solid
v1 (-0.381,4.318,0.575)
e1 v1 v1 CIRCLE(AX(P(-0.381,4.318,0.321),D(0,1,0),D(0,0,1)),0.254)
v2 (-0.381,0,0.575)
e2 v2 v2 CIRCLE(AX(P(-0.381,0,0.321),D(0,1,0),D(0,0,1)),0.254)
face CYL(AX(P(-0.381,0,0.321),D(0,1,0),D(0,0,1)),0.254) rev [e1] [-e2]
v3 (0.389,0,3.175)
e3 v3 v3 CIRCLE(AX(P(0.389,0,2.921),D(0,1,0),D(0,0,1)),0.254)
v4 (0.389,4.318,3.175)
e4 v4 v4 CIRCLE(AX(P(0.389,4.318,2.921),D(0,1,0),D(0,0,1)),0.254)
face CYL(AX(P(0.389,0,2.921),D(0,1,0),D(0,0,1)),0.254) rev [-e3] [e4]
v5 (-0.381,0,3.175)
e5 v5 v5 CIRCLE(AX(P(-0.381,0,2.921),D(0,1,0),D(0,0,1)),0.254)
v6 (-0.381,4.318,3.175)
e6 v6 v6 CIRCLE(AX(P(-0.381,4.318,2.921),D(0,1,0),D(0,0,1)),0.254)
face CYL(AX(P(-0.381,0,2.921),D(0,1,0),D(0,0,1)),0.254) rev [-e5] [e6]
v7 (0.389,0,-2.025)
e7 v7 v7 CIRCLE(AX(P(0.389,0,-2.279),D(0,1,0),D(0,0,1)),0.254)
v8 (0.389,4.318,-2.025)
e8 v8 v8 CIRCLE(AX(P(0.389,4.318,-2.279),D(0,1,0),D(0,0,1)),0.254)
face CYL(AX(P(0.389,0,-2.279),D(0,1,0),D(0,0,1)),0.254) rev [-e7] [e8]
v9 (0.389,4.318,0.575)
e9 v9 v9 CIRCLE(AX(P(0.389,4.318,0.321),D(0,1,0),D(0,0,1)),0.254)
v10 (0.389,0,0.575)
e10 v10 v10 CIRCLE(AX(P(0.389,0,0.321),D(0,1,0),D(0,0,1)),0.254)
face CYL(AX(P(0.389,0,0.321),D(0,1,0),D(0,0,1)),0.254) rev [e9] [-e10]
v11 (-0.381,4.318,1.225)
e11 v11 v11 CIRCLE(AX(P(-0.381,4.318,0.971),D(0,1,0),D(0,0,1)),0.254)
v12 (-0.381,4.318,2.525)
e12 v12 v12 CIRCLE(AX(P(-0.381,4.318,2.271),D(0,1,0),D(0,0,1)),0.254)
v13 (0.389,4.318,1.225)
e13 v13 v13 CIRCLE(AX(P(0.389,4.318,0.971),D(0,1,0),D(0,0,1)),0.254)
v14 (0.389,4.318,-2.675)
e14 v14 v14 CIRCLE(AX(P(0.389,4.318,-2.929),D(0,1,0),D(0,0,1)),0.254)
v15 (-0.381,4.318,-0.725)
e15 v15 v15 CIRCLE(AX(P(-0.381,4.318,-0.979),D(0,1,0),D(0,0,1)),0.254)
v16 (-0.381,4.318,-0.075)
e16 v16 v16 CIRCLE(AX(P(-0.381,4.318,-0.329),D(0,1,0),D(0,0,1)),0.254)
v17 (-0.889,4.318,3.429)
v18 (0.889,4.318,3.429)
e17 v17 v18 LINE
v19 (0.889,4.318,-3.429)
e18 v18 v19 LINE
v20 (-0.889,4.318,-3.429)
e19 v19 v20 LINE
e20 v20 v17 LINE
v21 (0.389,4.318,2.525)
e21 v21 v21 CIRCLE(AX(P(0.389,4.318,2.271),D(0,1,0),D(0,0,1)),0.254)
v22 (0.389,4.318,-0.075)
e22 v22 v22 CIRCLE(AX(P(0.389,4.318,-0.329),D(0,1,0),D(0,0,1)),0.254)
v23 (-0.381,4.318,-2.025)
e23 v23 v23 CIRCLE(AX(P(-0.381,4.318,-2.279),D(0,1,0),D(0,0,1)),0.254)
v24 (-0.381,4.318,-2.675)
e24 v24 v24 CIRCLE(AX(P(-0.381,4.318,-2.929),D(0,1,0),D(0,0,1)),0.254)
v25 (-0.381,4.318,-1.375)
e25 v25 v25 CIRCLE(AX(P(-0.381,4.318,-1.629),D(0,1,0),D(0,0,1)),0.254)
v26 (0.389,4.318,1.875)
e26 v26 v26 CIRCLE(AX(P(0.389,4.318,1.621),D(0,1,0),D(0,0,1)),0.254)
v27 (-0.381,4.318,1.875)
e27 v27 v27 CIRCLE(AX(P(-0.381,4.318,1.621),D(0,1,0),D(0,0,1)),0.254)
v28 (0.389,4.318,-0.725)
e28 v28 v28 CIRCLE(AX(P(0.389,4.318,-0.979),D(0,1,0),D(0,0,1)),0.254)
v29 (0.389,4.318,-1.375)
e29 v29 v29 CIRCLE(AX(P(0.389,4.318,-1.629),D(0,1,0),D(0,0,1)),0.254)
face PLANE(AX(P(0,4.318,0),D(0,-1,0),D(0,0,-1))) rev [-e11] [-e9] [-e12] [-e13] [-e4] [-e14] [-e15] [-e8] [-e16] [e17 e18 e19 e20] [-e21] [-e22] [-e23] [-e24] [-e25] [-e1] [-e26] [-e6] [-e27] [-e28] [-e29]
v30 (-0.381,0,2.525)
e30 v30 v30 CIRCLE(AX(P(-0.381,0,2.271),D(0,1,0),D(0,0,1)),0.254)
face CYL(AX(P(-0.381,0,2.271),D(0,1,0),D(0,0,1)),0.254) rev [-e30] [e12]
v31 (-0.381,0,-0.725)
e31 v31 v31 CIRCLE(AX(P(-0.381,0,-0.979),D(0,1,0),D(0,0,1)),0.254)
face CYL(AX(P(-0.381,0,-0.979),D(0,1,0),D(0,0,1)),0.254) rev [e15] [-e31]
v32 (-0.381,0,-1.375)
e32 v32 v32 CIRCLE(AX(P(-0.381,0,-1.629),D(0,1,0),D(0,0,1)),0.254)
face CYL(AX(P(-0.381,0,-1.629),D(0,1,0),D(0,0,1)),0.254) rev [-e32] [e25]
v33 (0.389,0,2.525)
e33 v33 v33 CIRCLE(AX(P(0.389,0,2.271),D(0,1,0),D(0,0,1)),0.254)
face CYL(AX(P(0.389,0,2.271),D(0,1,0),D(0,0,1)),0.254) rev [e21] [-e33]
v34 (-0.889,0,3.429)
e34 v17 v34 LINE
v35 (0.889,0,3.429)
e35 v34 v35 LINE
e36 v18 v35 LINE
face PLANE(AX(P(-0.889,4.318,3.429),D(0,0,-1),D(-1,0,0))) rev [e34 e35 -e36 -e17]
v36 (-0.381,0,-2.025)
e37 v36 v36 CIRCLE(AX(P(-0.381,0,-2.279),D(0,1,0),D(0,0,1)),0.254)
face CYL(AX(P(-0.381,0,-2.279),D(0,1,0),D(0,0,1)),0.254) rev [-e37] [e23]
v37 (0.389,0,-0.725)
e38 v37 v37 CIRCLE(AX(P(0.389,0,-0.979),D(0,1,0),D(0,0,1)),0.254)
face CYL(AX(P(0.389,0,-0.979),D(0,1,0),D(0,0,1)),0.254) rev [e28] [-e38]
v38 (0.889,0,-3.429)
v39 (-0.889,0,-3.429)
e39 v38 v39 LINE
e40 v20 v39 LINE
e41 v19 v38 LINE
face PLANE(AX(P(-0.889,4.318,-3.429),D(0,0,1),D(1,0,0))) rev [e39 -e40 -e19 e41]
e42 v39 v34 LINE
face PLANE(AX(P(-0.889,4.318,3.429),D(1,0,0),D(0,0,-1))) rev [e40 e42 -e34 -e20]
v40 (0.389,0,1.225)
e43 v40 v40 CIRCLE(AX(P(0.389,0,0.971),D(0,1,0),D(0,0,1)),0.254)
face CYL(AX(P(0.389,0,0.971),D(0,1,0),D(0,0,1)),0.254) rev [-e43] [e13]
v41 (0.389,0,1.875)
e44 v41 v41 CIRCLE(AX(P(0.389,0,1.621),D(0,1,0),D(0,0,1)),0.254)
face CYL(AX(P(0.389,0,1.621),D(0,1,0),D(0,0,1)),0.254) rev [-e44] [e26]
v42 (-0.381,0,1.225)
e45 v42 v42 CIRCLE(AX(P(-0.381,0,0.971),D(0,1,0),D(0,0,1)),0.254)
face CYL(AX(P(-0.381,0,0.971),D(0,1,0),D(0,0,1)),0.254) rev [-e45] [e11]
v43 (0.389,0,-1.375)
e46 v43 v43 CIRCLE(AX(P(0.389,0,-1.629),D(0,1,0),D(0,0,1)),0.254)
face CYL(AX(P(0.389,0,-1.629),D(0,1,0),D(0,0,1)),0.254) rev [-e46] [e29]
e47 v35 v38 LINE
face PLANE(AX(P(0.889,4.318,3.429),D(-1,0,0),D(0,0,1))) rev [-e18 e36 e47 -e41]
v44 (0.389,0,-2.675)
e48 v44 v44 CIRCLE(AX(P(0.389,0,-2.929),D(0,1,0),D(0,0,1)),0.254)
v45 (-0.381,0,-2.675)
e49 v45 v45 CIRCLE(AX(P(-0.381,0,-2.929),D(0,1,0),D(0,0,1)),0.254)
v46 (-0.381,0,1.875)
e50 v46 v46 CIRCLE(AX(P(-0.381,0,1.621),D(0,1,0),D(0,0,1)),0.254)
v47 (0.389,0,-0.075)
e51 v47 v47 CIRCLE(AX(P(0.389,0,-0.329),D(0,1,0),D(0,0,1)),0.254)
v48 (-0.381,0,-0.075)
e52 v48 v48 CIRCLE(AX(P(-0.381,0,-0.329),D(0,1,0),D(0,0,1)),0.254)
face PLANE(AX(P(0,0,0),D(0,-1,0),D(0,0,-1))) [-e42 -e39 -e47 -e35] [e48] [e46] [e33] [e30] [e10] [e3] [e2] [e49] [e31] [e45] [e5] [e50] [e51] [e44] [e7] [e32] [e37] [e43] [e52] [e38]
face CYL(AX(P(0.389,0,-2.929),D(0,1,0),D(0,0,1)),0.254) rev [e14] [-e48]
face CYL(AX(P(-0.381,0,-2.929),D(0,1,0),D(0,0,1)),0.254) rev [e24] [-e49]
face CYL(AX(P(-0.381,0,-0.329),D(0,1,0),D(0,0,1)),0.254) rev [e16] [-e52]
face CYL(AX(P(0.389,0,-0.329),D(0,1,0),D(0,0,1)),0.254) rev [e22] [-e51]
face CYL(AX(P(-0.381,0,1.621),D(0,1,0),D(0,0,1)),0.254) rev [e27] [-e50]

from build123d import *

# Parameters (mm, degrees)
SKETCH1_W            = 1.778
SKETCH1_H            = 6.858
BOSS_EXTRUDE1_DEPTH  = 4.318
SKETCH3_R            = 0.254
CUT_EXTRUDE2_DEPTH   = 6.585112891
LPATTERN2_COUNT      = 10
LPATTERN2_PITCH      = 0.65
LPATTERN2_COUNT_DIR2 = 2
LPATTERN2_PITCH_DIR2 = 0.77


with BuildPart() as part:
    # Sketch1 → Boss-Extrude1 (new body)
    with BuildSketch(Plane(origin=(0, 0, 0), x_dir=(1, 0, 0), z_dir=(0, 1, 0))):
        Rectangle(SKETCH1_W, SKETCH1_H)
    extrude(amount=BOSS_EXTRUDE1_DEPTH)

    # Sketch3 → Cut-Extrude2 (cut, through all)
    with BuildSketch(Plane(origin=(0, 4.318, 0), x_dir=(1, 0, 0), z_dir=(0, 1, 0))):
        with Locations(Location((-0.381, -2.921, 0), (0, 0, 270))):
            Circle(SKETCH3_R)
    cut_extrude2 = extrude(amount=-CUT_EXTRUDE2_DEPTH, mode=Mode.SUBTRACT)

    # LPattern2: Cut-Extrude2 10 × 2
    with Locations(*[(j * LPATTERN2_PITCH_DIR2, 0, -i * LPATTERN2_PITCH) for i in range(LPATTERN2_COUNT) for j in range(LPATTERN2_COUNT_DIR2) if (i, j) != (0, 0)]):
        add(cut_extrude2, mode=Mode.SUBTRACT)


solid = part.part
